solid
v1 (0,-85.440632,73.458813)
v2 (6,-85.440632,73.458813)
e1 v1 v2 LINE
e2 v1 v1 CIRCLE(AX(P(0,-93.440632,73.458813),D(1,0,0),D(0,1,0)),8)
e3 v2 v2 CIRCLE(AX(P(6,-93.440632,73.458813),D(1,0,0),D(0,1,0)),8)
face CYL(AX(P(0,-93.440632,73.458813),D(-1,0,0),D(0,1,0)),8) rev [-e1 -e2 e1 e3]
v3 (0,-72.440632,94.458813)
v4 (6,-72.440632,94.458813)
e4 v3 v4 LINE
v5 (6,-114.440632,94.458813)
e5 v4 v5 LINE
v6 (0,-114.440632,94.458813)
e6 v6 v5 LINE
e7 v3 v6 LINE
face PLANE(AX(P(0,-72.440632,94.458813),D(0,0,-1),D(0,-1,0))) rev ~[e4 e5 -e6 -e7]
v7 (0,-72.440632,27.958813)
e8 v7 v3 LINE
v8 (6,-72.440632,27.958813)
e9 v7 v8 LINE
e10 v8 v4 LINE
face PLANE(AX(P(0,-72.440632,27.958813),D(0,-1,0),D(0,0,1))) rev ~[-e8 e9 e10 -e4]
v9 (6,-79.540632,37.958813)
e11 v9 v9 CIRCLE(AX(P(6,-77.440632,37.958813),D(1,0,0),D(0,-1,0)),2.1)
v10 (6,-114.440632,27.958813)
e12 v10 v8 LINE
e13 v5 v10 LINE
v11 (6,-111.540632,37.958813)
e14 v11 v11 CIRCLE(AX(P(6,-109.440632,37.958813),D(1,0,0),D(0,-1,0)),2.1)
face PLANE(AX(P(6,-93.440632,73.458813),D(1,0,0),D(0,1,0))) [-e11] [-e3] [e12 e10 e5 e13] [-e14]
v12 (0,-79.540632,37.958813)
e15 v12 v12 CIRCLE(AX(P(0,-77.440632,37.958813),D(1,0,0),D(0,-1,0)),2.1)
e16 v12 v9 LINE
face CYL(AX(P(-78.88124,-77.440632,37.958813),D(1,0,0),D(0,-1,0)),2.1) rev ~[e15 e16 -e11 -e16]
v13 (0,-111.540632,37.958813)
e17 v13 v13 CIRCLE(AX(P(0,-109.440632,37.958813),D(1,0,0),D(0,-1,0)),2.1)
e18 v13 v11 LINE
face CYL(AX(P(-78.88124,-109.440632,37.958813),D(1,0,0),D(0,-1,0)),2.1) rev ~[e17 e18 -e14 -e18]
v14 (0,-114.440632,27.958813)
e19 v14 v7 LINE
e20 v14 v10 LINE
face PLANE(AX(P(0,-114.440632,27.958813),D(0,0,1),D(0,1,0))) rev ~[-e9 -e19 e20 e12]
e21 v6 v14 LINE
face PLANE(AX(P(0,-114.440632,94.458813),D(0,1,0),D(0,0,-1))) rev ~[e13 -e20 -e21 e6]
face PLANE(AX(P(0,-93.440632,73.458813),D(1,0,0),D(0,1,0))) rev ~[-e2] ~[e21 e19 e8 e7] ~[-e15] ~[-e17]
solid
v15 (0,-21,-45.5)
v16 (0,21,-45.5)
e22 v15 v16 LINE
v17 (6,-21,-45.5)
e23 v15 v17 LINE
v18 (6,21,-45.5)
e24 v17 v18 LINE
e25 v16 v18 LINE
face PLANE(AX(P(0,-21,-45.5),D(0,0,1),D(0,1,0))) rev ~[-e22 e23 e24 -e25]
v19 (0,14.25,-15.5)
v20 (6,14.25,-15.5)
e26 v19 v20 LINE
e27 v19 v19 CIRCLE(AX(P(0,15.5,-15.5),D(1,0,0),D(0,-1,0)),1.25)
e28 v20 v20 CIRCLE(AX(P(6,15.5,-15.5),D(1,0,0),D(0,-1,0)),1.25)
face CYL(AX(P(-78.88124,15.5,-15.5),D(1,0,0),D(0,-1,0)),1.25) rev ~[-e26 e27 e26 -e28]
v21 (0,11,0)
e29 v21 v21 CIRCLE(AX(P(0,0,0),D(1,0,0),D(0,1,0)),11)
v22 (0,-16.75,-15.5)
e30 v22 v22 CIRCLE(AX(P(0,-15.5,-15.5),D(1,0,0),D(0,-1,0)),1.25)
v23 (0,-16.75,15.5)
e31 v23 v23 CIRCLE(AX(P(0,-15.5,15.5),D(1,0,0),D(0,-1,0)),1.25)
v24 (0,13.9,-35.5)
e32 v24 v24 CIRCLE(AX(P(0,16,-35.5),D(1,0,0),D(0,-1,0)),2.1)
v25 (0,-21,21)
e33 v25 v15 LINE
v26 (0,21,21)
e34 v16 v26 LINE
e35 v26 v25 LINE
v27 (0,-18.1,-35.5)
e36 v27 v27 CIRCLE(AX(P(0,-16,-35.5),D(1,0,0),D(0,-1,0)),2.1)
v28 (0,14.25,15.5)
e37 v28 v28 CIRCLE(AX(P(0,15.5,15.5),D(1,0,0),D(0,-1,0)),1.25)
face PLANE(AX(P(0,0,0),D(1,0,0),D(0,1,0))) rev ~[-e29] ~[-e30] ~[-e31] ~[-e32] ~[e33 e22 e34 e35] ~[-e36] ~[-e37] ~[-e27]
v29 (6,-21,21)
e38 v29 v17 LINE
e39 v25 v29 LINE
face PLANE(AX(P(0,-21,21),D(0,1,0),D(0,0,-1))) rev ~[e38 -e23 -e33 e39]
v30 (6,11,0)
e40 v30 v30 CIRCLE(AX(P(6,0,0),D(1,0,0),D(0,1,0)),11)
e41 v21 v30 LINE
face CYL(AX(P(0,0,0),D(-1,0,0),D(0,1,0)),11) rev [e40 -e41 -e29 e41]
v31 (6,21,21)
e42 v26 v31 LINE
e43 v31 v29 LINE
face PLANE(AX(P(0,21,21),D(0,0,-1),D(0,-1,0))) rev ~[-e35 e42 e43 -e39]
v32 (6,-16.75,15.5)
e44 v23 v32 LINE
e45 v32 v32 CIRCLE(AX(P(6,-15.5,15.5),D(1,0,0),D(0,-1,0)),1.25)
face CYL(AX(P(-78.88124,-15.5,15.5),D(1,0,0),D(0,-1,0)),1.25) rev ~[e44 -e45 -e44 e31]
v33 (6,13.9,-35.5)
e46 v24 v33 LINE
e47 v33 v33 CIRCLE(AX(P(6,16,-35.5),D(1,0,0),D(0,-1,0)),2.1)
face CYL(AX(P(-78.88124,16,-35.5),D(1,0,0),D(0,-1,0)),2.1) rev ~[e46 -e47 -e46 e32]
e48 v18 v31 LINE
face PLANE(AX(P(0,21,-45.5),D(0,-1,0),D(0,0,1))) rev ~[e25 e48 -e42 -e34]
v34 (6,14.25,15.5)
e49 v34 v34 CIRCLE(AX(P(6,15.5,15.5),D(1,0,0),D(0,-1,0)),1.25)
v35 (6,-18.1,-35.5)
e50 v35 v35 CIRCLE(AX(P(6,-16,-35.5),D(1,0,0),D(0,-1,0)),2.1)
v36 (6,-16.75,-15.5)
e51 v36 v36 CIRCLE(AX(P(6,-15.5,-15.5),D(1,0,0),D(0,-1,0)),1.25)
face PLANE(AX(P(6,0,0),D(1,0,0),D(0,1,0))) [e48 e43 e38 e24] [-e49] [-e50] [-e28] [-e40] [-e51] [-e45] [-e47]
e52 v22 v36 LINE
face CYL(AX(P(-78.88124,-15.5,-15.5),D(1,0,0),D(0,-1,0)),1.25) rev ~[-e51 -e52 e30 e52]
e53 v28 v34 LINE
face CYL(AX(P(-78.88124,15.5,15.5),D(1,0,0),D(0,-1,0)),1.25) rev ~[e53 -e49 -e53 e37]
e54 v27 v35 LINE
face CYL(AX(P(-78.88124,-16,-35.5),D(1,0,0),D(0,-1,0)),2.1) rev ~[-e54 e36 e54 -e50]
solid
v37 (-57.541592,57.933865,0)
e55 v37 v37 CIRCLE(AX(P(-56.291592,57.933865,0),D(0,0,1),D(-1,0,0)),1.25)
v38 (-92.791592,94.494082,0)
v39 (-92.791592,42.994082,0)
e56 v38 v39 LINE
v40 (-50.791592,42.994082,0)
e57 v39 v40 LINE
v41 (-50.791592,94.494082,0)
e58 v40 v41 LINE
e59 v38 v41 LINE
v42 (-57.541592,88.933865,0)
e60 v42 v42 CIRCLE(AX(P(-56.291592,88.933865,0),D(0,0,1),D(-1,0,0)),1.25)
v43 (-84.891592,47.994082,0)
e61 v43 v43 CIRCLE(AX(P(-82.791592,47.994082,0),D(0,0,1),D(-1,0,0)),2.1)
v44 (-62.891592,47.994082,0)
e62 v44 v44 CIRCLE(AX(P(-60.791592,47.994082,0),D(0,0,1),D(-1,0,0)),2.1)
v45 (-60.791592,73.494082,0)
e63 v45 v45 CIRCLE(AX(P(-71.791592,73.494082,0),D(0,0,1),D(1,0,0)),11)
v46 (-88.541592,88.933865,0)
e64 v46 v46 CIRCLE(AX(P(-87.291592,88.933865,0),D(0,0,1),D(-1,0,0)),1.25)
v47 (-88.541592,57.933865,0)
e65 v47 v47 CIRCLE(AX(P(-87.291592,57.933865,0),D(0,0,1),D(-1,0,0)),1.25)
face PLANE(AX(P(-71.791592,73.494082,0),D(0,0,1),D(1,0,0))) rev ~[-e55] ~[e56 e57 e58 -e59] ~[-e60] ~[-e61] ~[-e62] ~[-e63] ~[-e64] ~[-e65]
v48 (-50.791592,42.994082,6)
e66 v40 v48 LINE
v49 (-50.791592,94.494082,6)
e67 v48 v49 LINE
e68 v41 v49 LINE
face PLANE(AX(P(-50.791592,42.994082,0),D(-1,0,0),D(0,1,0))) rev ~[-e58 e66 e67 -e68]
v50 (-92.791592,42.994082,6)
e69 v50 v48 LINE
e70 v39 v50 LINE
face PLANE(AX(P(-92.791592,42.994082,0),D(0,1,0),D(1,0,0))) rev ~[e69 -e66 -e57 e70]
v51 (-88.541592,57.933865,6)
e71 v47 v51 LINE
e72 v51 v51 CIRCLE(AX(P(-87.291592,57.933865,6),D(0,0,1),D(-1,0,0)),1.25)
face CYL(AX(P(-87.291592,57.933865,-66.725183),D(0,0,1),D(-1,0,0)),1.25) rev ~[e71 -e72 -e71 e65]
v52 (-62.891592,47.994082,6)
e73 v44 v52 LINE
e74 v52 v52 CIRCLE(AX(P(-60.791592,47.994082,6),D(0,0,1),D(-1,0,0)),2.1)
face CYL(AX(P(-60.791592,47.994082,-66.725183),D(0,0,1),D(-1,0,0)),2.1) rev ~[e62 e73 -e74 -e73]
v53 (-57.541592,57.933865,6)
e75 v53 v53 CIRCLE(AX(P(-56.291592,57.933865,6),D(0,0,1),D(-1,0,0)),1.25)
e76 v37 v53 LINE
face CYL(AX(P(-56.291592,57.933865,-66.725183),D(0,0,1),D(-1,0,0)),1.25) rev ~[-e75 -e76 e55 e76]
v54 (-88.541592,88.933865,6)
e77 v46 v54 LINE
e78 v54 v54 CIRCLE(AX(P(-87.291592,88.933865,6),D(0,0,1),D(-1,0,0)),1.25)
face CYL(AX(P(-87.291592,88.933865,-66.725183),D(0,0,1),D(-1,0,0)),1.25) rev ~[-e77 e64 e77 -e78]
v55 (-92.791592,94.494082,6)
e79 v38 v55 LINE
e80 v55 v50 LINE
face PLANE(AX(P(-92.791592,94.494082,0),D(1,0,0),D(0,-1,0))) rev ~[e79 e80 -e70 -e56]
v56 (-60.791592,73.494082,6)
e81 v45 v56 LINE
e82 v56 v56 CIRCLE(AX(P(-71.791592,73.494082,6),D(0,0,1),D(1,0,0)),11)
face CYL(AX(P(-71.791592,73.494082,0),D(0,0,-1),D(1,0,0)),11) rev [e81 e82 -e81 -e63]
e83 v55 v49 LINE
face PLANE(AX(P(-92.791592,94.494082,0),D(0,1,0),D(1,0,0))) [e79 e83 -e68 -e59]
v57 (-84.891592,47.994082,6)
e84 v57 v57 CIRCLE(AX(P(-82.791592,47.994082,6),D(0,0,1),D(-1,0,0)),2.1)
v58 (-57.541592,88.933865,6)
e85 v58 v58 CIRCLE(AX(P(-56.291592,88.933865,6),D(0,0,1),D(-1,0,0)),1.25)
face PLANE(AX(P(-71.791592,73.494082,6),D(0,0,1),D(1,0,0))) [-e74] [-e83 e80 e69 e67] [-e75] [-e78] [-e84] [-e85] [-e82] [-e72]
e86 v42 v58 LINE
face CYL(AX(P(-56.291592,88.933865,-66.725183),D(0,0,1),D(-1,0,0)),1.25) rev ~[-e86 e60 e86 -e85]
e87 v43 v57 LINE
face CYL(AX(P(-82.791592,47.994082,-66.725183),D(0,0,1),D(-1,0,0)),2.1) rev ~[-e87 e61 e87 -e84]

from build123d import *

# Parameters (mm, degrees)
F0_R     = 2
F0_R_2   = 11
F0_W     = 42
F0_H     = 20
F0_R_3   = 2.75
F0_H_2   = 4.5
F1_DEPTH = 6
F2_R     = 8
F2_W     = 42
F2_H     = 4.5
F2_H_2   = 20
F2_R_2   = 2.75
F3_DEPTH = 6
F4_D     = 2.5
F5_D     = 4.2
F6_D     = 4.2
F7_W     = 42
F7_H     = 42
F7_R     = 2
F7_R_2   = 11
F7_H_2   = 9.5
F8_DEPTH = 6
F9_D     = 2.5
F11_D    = 4.2


with BuildPart() as f1:
    # F0 (on Right) → F1 (new body)
    with BuildSketch(Plane.YZ):
        Polygon((21, 0), (21, 21), (-21, 21), (-21, 0), (-21, -21), (21, -21), align=None)
        with Locations((-15.5, -15.5)):
            Circle(F0_R, mode=Mode.SUBTRACT)
        with Locations((15.5, -15.5)):
            Circle(F0_R, mode=Mode.SUBTRACT)
        with Locations((-15.5, 15.5)):
            Circle(F0_R, mode=Mode.SUBTRACT)
        Circle(F0_R_2, mode=Mode.SUBTRACT)
        with Locations((15.5, 15.5)):
            Circle(F0_R, mode=Mode.SUBTRACT)
        with Locations((0, -35.5)):
            Rectangle(F0_W, F0_H)
        with Locations((-16, -35.5)):
            Circle(F0_R_3, mode=Mode.SUBTRACT)
        with Locations((16, -35.5)):
            Circle(F0_R_3, mode=Mode.SUBTRACT)
        with Locations((0, -23.25)):
            Rectangle(F0_W, F0_H_2)
        with Locations((-16, -35.5)):
            Circle(F0_R_3)
        with Locations((16, -35.5)):
            Circle(F0_R_3)
        with Locations((-15.5, 15.5)):
            Circle(F0_R)
        with Locations((15.5, 15.5)):
            Circle(F0_R)
        with Locations((15.5, -15.5)):
            Circle(F0_R)
        with Locations((-15.5, -15.5)):
            Circle(F0_R)
    extrude(amount=F1_DEPTH)

    # F4 (through all)
    with Locations(Plane(origin=(0, 0, 0), x_dir=(0, 1, 0), z_dir=(-1, 0, 0))):
        with Locations((-15.5, -15.5), (15.5, -15.5), (-15.5, 15.5), (15.5, 15.5)):
            Hole(F4_D / 2)

    # F5 (through all)
    with Locations(Plane(origin=(0, 0, 0), x_dir=(0, 1, 0), z_dir=(-1, 0, 0))):
        with Locations((-16, 35.5), (16, 35.5)):
            Hole(F5_D / 2)


with BuildPart() as f3:
    # F2 (on Right) → F3 (new body)
    with BuildSketch(Plane.YZ):
        Polygon((-72.4406324148, 73.458812958), (-72.4406324148, 94.458812958), (-114.4406324148, 94.458812958), (-114.4406324148, 73.458812958), (-114.4406324148, 52.458812958), (-72.4406324148, 52.458812958), align=None)
        with Locations((-93.4406324148, 73.458812958)):
            Circle(F2_R, mode=Mode.SUBTRACT)
        with Locations((-93.4406324148, 50.208812958)):
            Rectangle(F2_W, F2_H)
        with Locations((-93.4406324148, 37.958812958)):
            Rectangle(F2_W, F2_H_2)
        with Locations((-109.4406324148, 37.958812958)):
            Circle(F2_R_2, mode=Mode.SUBTRACT)
        with Locations((-77.4406324148, 37.958812958)):
            Circle(F2_R_2, mode=Mode.SUBTRACT)
        with Locations((-109.4406324148, 37.958812958)):
            Circle(F2_R_2)
        with Locations((-77.4406324148, 37.958812958)):
            Circle(F2_R_2)
    extrude(amount=F3_DEPTH)

    # F6 (through all)
    with Locations(Plane(origin=(0, 0, 0), x_dir=(0, 1, 0), z_dir=(-1, 0, 0))):
        with Locations((-109.4406324148, -37.958812958), (-77.4406324148, -37.958812958)):
            Hole(F6_D / 2)


with BuildPart() as f8:
    # F7 (on Top) → F8 (new body)
    with BuildSketch(Plane.XY):
        with Locations((-71.791592133, 73.494081974)):
            Rectangle(F7_W, F7_H)
        with Locations((-87.291592133, 57.9338646889)):
            Circle(F7_R, mode=Mode.SUBTRACT)
        with Locations((-56.291592133, 57.9338646889)):
            Circle(F7_R, mode=Mode.SUBTRACT)
        with Locations((-87.291592133, 88.9338646889)):
            Circle(F7_R, mode=Mode.SUBTRACT)
        with Locations((-71.791592133, 73.494081974)):
            Circle(F7_R_2, mode=Mode.SUBTRACT)
        with Locations((-56.291592133, 88.9338646889)):
            Circle(F7_R, mode=Mode.SUBTRACT)
        with Locations((-71.791592133, 47.744081974)):
            Rectangle(F7_W, F7_H_2)
        with Locations((-87.291592133, 88.9338646889)):
            Circle(F7_R)
        with Locations((-56.291592133, 88.9338646889)):
            Circle(F7_R)
        with Locations((-56.291592133, 57.9338646889)):
            Circle(F7_R)
        with Locations((-87.291592133, 57.9338646889)):
            Circle(F7_R)
    extrude(amount=F8_DEPTH)

    # F9 (through all)
    with Locations(Plane(origin=(0, 0, 0), x_dir=(1, 0, 0), z_dir=(0, 0, -1))):
        with Locations((-56.291592133, -88.9338646889), (-87.291592133, -88.9338646889), (-56.291592133, -57.9338646889), (-87.291592133, -57.9338646889)):
            Hole(F9_D / 2)

    # F11 (through all)
    with Locations(Plane(origin=(0, 0, 0), x_dir=(1, 0, 0), z_dir=(0, 0, -1))):
        with Locations((-60.791592133, -47.994081974), (-82.791592133, -47.994081974)):
            Hole(F11_D / 2)


solid = Compound([f1.part, f3.part, f8.part])
